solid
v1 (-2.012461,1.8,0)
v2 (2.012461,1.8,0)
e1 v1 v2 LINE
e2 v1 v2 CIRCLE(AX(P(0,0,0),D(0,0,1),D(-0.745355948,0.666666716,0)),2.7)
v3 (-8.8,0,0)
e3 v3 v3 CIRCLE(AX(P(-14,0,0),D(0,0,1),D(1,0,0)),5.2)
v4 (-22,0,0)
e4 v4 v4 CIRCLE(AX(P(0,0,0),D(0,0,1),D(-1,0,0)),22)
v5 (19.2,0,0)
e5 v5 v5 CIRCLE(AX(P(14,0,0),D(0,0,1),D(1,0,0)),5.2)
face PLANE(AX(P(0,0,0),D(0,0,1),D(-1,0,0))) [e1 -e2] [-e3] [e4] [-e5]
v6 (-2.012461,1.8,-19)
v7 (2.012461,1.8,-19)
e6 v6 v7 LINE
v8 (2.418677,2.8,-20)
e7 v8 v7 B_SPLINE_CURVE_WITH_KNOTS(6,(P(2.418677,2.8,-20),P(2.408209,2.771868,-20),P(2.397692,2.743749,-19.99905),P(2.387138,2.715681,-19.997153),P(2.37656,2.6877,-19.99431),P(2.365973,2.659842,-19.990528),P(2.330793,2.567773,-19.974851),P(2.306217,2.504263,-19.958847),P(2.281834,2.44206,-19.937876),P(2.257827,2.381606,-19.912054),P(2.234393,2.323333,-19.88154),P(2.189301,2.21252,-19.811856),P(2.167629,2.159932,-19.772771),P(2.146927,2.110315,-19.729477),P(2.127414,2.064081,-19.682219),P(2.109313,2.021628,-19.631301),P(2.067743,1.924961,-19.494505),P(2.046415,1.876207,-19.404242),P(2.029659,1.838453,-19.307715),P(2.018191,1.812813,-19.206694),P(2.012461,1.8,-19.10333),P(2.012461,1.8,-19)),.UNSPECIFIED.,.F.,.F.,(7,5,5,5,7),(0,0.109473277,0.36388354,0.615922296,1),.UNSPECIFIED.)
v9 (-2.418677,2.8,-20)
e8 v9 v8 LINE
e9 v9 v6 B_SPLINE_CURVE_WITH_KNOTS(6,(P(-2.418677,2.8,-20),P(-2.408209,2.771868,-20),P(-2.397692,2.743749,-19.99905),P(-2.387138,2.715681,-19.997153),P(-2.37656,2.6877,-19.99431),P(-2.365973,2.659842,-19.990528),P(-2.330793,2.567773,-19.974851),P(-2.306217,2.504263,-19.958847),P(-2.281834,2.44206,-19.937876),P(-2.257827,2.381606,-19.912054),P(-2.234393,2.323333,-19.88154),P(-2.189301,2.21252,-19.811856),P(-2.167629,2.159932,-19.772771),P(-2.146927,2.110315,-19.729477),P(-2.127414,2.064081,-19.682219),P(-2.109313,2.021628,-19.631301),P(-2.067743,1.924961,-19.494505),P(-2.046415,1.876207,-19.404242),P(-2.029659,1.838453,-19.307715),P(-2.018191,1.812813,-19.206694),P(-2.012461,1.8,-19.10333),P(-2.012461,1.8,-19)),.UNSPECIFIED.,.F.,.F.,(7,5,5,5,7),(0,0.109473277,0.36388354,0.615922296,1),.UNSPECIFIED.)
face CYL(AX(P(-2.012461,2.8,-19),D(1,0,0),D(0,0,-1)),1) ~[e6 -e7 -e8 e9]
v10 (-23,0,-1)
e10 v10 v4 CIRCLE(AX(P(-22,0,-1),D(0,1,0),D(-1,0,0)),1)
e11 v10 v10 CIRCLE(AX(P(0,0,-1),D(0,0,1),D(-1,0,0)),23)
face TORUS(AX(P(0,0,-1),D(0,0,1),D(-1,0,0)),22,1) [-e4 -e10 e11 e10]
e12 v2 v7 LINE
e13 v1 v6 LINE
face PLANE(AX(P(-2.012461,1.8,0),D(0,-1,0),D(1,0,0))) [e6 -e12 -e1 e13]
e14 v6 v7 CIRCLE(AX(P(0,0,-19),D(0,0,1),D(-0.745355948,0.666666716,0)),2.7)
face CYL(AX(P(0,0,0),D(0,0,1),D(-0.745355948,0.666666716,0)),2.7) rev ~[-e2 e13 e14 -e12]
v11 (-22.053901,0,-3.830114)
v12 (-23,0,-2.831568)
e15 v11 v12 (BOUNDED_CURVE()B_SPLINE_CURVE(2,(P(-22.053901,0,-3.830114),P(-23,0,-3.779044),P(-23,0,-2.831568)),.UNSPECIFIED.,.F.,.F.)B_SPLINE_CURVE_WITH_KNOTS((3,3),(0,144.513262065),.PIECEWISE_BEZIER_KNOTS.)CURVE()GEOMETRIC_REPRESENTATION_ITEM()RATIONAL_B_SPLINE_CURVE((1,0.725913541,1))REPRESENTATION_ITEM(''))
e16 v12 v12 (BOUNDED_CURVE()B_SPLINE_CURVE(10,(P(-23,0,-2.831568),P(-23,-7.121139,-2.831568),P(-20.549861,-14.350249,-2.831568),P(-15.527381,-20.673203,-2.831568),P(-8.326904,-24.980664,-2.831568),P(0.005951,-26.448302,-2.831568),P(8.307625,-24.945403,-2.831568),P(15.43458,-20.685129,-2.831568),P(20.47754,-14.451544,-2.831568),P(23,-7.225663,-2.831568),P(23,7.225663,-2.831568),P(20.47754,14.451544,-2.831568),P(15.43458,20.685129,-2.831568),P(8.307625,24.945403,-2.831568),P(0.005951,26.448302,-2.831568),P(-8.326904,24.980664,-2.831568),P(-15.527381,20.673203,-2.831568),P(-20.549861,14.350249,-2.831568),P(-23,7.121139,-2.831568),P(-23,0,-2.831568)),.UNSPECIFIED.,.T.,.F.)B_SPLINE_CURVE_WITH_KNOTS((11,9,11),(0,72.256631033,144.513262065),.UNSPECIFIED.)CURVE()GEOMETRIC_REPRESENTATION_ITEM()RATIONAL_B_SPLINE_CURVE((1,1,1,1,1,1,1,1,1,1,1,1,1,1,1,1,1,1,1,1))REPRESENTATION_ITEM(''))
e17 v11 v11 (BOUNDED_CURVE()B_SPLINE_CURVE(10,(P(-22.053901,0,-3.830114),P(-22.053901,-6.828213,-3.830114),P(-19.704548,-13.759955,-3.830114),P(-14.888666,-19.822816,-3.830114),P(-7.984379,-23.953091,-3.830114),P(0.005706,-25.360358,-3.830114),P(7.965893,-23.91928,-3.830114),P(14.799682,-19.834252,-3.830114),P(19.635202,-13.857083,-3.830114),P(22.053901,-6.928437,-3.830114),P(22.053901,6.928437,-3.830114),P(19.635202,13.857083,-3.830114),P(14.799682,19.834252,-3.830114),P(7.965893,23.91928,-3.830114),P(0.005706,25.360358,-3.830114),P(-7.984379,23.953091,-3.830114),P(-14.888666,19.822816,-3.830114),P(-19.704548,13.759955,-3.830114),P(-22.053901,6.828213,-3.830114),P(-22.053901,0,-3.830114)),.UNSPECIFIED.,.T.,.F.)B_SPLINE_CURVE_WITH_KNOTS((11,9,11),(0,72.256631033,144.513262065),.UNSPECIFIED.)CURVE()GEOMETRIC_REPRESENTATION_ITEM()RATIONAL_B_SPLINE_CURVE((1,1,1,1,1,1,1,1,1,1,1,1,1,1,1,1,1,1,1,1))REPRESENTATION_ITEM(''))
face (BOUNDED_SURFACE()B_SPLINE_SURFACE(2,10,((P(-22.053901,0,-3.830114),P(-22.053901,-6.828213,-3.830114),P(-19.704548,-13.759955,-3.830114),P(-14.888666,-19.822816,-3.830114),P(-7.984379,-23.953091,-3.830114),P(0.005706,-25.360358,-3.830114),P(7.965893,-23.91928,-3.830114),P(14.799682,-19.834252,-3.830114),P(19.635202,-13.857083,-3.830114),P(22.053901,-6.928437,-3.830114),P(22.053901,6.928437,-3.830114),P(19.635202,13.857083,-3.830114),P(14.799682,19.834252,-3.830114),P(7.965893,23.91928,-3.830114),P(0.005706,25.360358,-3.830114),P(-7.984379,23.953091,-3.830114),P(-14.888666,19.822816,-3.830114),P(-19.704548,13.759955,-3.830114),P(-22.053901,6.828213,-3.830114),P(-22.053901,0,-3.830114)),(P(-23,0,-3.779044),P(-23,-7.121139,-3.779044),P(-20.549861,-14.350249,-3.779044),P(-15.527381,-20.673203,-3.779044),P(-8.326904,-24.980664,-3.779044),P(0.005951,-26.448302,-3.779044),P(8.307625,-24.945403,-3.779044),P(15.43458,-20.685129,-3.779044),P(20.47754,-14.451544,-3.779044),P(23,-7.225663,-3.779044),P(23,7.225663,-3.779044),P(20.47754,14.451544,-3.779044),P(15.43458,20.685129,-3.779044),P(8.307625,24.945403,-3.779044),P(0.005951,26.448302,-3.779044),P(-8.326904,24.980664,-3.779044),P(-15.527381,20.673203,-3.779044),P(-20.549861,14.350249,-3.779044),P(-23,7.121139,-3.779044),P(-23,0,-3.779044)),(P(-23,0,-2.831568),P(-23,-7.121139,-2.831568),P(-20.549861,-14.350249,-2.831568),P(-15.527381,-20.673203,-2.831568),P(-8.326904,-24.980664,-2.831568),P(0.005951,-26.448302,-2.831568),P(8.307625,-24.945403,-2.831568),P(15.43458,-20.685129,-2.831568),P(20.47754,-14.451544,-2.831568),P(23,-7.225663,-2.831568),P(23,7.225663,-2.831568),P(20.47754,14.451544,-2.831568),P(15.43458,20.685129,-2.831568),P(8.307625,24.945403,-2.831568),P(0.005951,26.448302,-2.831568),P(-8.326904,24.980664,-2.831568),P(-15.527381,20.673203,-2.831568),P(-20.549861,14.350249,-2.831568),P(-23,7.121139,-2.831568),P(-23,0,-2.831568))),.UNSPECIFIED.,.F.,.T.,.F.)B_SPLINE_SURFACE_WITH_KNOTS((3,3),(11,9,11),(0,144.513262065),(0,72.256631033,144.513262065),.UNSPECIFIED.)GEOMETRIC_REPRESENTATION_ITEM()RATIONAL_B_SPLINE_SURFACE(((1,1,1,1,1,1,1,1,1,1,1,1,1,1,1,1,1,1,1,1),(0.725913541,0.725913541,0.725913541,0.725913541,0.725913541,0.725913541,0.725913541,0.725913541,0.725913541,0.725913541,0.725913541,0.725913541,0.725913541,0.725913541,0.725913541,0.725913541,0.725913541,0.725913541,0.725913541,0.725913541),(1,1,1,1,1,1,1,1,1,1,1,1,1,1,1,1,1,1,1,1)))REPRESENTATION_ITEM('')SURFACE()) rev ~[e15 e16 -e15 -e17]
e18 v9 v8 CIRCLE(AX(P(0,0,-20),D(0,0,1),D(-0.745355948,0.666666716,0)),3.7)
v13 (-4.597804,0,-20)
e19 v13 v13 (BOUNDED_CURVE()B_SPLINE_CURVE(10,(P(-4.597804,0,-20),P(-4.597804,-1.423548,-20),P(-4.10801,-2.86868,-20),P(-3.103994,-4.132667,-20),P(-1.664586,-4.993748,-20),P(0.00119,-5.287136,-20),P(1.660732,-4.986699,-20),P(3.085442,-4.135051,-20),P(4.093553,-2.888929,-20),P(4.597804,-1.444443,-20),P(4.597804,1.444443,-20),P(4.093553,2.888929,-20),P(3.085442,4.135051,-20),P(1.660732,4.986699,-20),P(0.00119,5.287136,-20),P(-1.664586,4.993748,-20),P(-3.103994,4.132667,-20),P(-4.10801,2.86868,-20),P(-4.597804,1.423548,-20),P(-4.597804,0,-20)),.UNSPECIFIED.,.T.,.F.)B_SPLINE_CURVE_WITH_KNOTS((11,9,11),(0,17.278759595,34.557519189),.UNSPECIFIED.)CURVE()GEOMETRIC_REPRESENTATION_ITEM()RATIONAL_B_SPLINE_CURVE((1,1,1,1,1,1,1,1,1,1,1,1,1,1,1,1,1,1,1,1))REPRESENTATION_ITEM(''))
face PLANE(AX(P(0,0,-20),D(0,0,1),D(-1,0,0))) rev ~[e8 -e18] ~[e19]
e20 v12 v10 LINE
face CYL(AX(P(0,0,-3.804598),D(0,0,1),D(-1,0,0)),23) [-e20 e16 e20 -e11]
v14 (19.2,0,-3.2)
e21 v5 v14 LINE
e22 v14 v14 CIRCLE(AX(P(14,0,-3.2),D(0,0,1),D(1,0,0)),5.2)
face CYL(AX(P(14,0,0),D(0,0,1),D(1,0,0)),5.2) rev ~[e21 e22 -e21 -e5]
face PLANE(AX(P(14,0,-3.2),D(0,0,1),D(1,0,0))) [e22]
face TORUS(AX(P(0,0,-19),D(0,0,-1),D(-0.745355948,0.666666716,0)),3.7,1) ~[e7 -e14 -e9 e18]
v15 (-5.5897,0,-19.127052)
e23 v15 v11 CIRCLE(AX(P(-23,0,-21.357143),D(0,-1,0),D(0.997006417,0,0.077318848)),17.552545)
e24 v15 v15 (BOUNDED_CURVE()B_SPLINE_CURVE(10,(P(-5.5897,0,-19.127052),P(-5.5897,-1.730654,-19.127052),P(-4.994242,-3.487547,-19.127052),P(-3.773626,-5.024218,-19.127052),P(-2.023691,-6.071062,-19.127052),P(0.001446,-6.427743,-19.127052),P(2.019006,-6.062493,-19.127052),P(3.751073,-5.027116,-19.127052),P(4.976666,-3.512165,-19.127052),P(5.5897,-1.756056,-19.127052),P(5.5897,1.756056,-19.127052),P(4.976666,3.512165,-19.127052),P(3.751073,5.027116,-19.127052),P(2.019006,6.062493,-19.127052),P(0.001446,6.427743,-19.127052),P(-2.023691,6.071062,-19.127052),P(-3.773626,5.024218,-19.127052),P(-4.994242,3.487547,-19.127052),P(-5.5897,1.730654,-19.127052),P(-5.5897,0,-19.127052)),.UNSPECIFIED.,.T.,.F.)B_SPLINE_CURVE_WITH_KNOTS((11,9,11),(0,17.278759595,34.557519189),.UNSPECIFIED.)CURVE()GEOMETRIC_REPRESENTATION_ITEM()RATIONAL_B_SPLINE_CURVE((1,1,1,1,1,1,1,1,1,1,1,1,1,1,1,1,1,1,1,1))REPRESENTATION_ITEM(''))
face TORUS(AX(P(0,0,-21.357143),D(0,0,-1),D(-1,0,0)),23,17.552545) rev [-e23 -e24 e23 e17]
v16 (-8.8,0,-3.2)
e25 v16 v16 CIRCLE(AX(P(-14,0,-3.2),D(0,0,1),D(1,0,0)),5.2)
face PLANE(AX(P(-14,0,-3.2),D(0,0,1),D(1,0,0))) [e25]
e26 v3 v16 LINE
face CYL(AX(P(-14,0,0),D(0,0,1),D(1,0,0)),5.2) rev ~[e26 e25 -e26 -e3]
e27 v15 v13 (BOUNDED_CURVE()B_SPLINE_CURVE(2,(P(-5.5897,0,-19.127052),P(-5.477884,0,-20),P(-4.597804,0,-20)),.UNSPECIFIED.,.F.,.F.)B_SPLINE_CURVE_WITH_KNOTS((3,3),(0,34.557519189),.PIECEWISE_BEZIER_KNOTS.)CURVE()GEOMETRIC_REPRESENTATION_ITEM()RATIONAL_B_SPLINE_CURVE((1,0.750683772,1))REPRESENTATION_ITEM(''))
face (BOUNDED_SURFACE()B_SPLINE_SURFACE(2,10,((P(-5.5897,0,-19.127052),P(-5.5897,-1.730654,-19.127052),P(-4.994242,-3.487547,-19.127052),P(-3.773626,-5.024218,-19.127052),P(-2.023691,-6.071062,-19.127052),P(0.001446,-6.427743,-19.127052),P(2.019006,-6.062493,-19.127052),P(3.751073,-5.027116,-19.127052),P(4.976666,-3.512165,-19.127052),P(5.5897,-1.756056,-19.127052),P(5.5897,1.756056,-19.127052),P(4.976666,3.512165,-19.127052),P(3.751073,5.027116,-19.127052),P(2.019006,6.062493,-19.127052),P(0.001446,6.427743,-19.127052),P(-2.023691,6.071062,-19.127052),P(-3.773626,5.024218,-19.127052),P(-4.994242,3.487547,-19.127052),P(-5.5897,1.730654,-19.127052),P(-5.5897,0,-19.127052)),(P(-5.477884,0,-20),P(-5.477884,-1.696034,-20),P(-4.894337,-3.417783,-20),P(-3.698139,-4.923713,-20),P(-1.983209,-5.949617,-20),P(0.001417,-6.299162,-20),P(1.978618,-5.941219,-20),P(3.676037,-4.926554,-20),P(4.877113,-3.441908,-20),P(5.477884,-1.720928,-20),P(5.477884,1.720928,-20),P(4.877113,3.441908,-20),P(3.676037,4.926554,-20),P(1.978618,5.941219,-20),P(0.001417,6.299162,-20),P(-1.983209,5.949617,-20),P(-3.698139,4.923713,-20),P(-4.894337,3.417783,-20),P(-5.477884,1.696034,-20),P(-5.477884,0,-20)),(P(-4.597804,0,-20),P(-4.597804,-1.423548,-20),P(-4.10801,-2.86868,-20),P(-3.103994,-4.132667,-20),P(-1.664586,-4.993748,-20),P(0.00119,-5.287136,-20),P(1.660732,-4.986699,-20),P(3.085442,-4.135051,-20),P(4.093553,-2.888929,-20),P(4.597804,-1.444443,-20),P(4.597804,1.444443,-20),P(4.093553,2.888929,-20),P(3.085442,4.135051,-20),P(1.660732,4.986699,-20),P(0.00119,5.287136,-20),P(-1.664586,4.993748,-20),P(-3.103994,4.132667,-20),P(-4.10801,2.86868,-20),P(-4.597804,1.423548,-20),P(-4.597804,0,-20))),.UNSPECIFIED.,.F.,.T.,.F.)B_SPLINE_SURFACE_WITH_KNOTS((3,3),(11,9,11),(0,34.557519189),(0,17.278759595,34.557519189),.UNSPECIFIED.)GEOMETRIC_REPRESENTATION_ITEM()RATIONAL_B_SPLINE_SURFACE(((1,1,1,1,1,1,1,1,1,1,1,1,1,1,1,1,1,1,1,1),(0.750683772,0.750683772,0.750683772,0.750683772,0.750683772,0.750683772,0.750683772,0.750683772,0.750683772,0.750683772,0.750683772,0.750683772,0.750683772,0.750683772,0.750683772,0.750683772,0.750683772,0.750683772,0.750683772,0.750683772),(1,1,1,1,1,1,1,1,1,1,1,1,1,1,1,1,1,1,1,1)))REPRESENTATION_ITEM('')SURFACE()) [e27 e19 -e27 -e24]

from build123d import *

# Parameters (mm, degrees)
POCKET062_DEPTH = 100
SKETCH120_R     = 5.2
POCKET063_DEPTH = 3.2
FILLET026_R     = 1


with BuildPart() as part:
    # Sketch118 → Revolution001 (revolve)
    with BuildSketch(Plane.XZ):
        with BuildLine():
            ThreePointArc((-5.5, -20), (-11.077951, -8.474729), (-23, -3.804598))
            Line((-23, -3.804598), (-23, 0))
            Line((-23, 0), (0, 0))
            Line((0, 0), (0, -20))
            Line((-5.5, -20), (0, -20))
        make_face()
    revolve(axis=Axis((0, 0, 0), (0, 0, 1)))

    # Sketch119 → Pocket062 (cut)
    with BuildSketch(Plane.XY):
        with BuildLine():
            ThreePointArc((-2.012461, 1.8), (0, -2.7), (2.012461, 1.8))
            Line((-2.012461, 1.8), (2.012461, 1.8))
        make_face()
    extrude(amount=-POCKET062_DEPTH, mode=Mode.SUBTRACT)

    # Sketch120 → Pocket063 (cut)
    with BuildSketch(Plane.XY):
        with Locations((-14, 0)):
            Circle(SKETCH120_R)
        with Locations((14, 0)):
            Circle(SKETCH120_R)
    extrude(amount=-POCKET063_DEPTH, mode=Mode.SUBTRACT)

    # Fillet026
    fillet026_edges = [part.edges().sort_by_distance(p)[0] for p in [
        (5.5, 0, -20),
        (23, 0, -3.804598),
        (23, 0, 0),
        (0, -2.7, -20),
        (0, 1.8, -20),
    ]]
    fillet(fillet026_edges, radius=FILLET026_R)


solid = part.part
